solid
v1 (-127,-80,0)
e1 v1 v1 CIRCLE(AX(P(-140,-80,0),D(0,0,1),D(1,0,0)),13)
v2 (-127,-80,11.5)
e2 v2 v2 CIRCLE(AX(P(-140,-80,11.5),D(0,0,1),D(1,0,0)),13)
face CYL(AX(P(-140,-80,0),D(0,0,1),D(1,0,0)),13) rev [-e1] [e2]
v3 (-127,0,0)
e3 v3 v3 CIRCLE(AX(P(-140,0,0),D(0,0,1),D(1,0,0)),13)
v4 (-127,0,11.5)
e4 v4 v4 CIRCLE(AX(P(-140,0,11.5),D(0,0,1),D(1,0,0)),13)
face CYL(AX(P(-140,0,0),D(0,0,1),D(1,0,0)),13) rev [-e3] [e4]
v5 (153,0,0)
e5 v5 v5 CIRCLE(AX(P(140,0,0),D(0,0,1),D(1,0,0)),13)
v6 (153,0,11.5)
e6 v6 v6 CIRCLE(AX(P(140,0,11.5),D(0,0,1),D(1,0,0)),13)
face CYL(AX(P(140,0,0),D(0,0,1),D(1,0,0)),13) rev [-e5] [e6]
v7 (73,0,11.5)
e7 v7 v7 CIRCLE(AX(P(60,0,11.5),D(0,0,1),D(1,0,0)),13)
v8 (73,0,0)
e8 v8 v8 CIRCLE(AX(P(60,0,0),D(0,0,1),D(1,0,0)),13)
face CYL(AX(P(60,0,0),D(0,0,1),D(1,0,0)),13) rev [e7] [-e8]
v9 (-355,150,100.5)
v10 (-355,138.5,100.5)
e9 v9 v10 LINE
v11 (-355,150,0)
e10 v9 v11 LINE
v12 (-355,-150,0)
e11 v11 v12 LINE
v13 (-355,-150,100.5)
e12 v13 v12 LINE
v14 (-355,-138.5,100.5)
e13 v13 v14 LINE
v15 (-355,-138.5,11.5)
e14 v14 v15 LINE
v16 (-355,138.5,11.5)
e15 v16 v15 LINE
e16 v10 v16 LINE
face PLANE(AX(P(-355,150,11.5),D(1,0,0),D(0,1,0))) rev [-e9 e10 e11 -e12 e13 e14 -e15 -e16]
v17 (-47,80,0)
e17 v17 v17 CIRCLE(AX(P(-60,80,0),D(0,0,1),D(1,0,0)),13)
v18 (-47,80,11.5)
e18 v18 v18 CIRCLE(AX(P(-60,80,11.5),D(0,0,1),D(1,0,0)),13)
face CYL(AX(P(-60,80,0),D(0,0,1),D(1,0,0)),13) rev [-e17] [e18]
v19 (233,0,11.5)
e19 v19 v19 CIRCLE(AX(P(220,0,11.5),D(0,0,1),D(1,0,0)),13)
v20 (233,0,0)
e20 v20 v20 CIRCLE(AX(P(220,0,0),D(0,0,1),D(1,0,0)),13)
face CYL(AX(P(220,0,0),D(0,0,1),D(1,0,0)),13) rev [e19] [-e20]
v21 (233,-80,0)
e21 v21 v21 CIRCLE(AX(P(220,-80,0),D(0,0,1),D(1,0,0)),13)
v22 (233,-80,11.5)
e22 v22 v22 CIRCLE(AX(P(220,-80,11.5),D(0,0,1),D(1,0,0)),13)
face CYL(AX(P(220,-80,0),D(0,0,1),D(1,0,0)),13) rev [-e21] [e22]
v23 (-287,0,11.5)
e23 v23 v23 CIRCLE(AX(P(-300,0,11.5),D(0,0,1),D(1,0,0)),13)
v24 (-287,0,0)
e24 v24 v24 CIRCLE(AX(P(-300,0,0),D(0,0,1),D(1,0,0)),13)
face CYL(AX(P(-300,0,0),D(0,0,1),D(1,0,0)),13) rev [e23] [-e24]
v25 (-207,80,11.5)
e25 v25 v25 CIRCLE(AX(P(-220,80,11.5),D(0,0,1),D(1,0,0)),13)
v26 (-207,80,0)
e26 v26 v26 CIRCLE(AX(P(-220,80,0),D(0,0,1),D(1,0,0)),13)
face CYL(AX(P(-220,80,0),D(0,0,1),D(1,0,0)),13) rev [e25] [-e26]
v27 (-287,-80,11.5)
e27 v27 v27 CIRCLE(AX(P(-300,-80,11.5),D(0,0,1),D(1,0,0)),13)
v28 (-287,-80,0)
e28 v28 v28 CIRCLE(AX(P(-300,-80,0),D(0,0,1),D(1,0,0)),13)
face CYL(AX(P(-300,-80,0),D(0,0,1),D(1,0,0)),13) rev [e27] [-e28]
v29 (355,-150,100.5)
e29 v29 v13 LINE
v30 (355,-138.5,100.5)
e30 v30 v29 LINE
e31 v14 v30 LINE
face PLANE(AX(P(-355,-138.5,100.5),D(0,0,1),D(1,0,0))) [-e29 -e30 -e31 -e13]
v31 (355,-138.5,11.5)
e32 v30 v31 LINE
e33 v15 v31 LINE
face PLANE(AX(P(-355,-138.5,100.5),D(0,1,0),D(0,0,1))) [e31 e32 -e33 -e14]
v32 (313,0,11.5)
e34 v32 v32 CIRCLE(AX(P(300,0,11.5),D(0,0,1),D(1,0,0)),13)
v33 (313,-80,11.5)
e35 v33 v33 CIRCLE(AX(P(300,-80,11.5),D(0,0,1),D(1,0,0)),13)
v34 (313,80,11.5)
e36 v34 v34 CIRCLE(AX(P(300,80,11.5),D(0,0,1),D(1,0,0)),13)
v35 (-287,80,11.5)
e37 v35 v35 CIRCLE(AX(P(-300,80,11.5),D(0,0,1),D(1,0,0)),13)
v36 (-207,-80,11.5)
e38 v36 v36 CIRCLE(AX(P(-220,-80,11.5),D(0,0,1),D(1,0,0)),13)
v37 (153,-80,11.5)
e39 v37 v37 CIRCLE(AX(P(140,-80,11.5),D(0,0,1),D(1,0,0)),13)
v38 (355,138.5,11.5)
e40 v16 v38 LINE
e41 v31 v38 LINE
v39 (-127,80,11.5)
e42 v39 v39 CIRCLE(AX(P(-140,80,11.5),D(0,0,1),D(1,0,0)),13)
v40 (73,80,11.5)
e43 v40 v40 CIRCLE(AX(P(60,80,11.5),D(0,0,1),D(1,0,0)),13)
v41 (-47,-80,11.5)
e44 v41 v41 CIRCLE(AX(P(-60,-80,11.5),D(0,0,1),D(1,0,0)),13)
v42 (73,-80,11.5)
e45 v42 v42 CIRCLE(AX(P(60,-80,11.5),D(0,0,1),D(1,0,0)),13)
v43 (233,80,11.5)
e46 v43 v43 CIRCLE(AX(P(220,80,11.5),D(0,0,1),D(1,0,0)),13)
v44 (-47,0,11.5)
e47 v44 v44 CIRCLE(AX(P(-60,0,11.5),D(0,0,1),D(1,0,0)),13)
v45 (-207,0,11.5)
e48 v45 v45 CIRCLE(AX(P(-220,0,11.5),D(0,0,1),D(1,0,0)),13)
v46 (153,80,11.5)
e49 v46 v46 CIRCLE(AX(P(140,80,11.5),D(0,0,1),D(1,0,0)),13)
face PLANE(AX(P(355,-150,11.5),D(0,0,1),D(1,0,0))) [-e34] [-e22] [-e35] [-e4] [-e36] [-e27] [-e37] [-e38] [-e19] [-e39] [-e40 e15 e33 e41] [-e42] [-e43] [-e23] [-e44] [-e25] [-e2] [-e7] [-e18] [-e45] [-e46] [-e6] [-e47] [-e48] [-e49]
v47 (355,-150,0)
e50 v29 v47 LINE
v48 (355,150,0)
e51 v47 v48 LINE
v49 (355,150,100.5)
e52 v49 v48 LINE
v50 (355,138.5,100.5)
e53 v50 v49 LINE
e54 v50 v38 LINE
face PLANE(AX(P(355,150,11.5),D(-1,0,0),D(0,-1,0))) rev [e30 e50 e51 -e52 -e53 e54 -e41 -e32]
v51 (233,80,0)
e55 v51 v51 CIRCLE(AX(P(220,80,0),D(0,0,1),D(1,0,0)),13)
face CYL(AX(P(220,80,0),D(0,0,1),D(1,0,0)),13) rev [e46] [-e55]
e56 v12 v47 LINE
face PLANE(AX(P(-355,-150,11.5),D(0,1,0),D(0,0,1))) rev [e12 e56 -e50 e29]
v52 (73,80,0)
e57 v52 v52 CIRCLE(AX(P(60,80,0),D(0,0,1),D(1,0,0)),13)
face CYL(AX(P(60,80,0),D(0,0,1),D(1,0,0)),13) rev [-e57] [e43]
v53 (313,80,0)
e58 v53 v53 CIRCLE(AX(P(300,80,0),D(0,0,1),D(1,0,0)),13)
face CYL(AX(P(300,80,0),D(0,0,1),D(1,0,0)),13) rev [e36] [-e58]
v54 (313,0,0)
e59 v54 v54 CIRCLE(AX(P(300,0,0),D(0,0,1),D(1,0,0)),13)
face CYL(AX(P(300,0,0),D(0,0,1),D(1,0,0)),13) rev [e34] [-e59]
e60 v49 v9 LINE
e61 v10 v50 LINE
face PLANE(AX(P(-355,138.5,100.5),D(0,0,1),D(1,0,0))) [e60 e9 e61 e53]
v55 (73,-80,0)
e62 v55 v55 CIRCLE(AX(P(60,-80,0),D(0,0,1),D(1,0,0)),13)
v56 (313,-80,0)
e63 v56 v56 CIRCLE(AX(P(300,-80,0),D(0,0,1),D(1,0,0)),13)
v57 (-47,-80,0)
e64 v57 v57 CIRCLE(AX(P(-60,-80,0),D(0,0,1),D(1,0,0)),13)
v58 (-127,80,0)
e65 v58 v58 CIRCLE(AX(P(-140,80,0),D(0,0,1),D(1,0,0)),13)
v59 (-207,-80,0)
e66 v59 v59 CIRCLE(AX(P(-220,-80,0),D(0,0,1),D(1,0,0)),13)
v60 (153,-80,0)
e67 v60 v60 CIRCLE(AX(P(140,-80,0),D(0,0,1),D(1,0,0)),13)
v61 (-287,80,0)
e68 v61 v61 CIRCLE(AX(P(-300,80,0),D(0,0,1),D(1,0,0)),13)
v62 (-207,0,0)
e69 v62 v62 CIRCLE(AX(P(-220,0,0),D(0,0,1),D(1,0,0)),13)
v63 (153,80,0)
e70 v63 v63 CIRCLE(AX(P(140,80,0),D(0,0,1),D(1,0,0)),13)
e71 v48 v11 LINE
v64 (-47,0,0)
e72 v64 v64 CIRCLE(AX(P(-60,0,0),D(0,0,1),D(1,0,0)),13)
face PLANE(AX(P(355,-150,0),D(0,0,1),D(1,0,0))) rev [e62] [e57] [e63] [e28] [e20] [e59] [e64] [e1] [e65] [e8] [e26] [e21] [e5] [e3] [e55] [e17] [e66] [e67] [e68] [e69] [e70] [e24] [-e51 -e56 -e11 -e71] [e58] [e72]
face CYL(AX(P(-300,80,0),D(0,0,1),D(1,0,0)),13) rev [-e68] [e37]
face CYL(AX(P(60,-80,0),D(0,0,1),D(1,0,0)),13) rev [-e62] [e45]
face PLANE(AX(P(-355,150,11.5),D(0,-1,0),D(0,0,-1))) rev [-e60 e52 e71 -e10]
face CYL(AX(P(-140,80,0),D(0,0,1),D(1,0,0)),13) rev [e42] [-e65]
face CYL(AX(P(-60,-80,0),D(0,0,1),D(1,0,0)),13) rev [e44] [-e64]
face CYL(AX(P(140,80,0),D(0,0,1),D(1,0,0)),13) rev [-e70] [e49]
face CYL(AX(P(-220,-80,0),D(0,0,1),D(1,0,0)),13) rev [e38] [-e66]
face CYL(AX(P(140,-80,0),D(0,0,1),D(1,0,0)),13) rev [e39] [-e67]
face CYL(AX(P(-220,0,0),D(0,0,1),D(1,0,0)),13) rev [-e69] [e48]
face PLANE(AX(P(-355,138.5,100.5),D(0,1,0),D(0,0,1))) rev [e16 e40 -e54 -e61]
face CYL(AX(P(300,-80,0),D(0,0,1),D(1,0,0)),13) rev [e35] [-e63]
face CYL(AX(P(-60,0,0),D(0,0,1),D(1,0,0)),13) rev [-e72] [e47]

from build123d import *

# Parameters (mm, degrees)
SKETCH_1_W                  = 710
SKETCH_1_H                  = 300
EXTRUDE_1_DEPTH             = 11.5
SKETCH_2_R                  = 13
CUT_EXTRUDE_1_DEPTH         = 386.560954973
PATTERN_LINEAR_1_COUNT      = 4
PATTERN_LINEAR_1_PITCH      = 80
PATTERN_LINEAR_1_COUNT_DIR2 = 3
PATTERN_LINEAR_1_PITCH_DIR2 = 80
SKETCH_3_W                  = 710
SKETCH_3_H                  = 11.5
EXTRUDE_2_DEPTH             = 89


with BuildPart() as part:
    # 草图1 → 凸台-拉伸1 (new body)
    with BuildSketch(Plane.XY):
        Rectangle(SKETCH_1_W, SKETCH_1_H)
    extrude(amount=EXTRUDE_1_DEPTH)

    # 草图2 → 切除-拉伸1 (cut, through all)
    with BuildSketch(Plane.XY.offset(11.5)):
        with Locations((-300, 80)):
            Circle(SKETCH_2_R)
        with Locations((60, 80)):
            Circle(SKETCH_2_R)
    cut_extrude_1 = extrude(amount=-CUT_EXTRUDE_1_DEPTH, mode=Mode.SUBTRACT)

    # 阵列(线性)1: Cut-Extrude 1 4 × 3
    with Locations(*[(i * PATTERN_LINEAR_1_PITCH, -j * PATTERN_LINEAR_1_PITCH_DIR2, 0) for i in range(PATTERN_LINEAR_1_COUNT) for j in range(PATTERN_LINEAR_1_COUNT_DIR2) if (i, j) != (0, 0)]):
        add(cut_extrude_1, mode=Mode.SUBTRACT)

    # 草图3 → 凸台-拉伸2 (add)
    with BuildSketch(Plane.XY.offset(11.5)):
        with Locations((0, 144.25)):
            Rectangle(SKETCH_3_W, SKETCH_3_H)
    extrude_2 = extrude(amount=EXTRUDE_2_DEPTH)

    # 镜向1: 凸台-拉伸2 across plane
    add(extrude_2.mirror(Plane.ZX))


solid = part.part
